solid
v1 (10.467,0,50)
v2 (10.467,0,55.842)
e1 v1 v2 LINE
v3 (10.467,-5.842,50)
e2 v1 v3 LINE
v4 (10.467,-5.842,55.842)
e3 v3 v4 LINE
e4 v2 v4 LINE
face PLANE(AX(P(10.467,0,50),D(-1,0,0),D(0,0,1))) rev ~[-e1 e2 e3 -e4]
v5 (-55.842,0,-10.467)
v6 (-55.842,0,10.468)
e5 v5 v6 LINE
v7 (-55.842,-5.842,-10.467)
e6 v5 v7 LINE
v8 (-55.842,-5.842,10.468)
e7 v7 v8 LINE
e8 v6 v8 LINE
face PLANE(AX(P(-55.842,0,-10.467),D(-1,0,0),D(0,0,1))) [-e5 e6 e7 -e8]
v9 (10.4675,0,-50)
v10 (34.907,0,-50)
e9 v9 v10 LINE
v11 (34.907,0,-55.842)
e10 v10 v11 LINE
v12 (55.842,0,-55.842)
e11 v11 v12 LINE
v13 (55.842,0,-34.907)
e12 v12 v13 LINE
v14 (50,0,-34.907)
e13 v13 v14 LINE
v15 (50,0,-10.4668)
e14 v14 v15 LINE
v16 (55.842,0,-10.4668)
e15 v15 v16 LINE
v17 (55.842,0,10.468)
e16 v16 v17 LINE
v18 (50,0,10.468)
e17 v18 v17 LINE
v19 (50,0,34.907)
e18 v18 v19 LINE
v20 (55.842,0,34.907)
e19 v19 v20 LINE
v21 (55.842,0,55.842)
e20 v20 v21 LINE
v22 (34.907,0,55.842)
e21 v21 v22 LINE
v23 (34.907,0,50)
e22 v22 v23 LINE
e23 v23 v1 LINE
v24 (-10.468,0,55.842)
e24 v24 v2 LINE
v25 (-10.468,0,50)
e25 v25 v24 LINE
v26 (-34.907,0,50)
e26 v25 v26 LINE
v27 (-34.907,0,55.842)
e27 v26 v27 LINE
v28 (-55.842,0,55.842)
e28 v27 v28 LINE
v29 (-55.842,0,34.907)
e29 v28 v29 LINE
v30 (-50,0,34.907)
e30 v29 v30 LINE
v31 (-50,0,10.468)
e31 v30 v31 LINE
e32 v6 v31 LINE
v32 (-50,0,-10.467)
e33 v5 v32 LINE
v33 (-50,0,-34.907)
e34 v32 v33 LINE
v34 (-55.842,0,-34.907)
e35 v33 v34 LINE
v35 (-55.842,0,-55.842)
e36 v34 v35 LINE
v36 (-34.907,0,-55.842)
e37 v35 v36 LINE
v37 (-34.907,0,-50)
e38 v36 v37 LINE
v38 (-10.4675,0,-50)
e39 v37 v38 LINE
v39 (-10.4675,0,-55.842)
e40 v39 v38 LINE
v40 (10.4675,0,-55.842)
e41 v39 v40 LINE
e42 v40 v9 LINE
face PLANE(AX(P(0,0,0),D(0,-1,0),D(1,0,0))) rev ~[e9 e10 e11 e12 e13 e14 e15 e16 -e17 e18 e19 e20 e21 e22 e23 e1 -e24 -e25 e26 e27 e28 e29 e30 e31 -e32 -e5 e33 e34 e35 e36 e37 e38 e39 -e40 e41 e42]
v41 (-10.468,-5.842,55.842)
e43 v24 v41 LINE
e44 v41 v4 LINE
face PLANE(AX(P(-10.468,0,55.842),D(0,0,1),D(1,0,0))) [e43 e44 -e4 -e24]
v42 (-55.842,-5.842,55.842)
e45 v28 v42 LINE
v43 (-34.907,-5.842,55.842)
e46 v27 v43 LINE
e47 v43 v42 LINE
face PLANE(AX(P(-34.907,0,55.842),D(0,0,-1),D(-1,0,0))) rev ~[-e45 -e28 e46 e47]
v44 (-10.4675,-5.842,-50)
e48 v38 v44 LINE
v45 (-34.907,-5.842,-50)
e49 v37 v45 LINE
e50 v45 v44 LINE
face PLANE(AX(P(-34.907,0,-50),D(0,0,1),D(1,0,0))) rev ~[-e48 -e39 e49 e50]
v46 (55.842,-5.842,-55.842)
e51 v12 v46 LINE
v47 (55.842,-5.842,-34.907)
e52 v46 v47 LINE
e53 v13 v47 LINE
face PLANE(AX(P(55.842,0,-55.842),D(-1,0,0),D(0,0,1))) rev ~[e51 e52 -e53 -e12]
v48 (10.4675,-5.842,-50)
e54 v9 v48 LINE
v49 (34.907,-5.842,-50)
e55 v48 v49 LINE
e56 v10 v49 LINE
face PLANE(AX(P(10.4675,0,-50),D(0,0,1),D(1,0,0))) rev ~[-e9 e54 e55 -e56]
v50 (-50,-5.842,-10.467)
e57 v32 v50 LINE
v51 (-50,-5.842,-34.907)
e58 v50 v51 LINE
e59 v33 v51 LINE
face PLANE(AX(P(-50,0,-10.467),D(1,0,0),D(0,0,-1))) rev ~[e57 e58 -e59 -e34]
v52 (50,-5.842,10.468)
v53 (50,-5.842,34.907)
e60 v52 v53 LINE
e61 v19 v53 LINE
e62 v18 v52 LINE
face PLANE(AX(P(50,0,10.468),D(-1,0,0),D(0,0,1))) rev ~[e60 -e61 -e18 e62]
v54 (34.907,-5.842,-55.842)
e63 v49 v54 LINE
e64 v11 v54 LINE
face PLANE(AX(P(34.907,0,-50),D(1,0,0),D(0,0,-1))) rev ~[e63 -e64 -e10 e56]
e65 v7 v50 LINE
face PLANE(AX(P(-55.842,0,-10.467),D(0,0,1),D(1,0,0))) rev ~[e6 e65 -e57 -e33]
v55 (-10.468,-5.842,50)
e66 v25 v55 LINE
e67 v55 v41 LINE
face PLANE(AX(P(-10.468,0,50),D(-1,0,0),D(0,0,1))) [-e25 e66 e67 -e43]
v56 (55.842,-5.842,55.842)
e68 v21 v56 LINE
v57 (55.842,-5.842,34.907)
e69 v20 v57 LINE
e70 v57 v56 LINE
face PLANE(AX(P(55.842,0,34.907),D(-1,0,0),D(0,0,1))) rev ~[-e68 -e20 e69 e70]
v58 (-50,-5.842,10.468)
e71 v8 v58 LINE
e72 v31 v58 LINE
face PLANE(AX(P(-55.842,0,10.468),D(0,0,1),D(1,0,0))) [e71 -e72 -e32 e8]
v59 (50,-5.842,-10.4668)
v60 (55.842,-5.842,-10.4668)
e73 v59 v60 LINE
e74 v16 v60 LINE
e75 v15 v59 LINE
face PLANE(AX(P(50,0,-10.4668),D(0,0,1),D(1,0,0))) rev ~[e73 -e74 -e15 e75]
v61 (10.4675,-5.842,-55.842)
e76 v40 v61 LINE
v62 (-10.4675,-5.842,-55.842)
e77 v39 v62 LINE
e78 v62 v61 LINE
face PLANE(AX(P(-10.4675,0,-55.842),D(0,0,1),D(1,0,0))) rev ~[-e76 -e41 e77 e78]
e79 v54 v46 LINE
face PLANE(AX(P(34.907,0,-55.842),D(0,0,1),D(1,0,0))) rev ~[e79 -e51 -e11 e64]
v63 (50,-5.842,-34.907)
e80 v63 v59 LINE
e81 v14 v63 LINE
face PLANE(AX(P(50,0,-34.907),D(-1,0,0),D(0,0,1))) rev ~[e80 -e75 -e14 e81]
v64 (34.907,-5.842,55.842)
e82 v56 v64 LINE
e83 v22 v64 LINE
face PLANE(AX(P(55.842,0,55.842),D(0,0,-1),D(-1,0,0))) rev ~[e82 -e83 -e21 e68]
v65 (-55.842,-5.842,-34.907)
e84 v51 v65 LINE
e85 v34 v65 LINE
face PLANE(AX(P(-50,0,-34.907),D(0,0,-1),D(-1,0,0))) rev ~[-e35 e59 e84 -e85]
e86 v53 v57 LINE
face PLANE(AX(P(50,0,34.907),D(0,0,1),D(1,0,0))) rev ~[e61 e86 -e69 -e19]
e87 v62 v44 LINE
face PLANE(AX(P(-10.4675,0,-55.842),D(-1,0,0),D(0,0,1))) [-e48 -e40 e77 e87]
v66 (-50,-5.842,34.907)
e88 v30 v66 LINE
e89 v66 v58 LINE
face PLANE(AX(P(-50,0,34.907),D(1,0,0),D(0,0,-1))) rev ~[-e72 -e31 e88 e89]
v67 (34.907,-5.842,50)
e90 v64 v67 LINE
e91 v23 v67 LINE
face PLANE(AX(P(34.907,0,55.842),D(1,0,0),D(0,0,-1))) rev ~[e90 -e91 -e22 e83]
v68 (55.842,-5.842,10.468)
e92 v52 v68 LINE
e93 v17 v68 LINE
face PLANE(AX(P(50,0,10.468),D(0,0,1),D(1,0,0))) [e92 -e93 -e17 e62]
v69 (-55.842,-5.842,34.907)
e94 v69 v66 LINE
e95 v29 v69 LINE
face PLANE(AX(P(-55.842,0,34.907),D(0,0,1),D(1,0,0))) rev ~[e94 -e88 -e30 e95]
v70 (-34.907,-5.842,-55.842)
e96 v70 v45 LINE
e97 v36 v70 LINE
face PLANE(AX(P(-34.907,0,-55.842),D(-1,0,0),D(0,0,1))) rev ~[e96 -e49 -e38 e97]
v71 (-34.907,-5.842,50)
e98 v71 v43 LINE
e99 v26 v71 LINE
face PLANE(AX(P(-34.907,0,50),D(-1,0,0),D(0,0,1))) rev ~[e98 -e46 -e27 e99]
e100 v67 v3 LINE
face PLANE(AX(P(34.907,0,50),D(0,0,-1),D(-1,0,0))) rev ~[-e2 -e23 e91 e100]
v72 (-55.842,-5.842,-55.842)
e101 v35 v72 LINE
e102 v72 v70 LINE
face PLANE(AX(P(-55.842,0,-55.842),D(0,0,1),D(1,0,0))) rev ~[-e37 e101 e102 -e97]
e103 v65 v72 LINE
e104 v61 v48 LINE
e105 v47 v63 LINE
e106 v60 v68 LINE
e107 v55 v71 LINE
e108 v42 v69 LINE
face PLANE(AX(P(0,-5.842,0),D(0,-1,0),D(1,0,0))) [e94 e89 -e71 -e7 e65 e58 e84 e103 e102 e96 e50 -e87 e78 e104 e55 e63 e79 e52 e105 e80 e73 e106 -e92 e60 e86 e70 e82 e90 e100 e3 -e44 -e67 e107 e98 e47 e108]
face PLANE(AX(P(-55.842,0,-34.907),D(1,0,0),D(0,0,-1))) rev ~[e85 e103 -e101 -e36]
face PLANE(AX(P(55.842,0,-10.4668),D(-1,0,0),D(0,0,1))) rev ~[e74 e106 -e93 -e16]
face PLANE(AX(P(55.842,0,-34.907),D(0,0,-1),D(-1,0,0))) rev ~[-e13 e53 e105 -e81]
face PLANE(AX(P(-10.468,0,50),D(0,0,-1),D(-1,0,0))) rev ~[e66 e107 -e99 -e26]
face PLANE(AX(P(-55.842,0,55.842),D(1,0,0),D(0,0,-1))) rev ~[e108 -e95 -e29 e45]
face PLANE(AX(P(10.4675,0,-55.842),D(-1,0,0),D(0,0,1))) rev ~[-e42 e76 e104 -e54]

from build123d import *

# Parameters (mm, degrees)
F0_W     = 20.935
F0_H     = 5.842
F0_W_2   = 5.842
F0_H_2   = 20.9348
F0_H_3   = 20.935
F1_DEPTH = 5.842


with BuildPart() as f1:
    # F0 (on Front) → F1 (new body)
    with BuildSketch(Plane.XZ):
        Polygon((50, 34.907), (50, 50), (34.907, 50), (10.467, 50), (-10.468, 50), (-34.907, 50), (-50, 50), (-50, 34.907), (-50, 10.468), (-50, -10.467), (-50, -34.907), (-50, -50), (-34.907, -50), (-10.4675, -50), (10.4675, -50), (34.907, -50), (50, -50), (50, -34.907), (50, -10.4668), (50, 10.468), align=None)
        Polygon((34.907, 50), (50, 50), (50, 34.907), (55.842, 34.907), (55.842, 55.842), (34.907, 55.842), align=None)
        with Locations((-0.0005, 52.921)):
            Rectangle(F0_W, F0_H)
        with Locations((52.921, 0.0006)):
            Rectangle(F0_W_2, F0_H_2)
        Polygon((-50, 50), (-34.907, 50), (-34.907, 55.842), (-55.842, 55.842), (-55.842, 34.907), (-50, 34.907), align=None)
        Polygon((55.842, -34.907), (50, -34.907), (50, -50), (34.907, -50), (34.907, -55.842), (55.842, -55.842), align=None)
        with Locations((-52.921, 0.0005)):
            Rectangle(F0_W_2, F0_H_3)
        with Locations((0, -52.921)):
            Rectangle(F0_W, F0_H)
        Polygon((-50, -50), (-50, -34.907), (-55.842, -34.907), (-55.842, -55.842), (-34.907, -55.842), (-34.907, -50), align=None)
    extrude(amount=F1_DEPTH)


solid = f1.part
